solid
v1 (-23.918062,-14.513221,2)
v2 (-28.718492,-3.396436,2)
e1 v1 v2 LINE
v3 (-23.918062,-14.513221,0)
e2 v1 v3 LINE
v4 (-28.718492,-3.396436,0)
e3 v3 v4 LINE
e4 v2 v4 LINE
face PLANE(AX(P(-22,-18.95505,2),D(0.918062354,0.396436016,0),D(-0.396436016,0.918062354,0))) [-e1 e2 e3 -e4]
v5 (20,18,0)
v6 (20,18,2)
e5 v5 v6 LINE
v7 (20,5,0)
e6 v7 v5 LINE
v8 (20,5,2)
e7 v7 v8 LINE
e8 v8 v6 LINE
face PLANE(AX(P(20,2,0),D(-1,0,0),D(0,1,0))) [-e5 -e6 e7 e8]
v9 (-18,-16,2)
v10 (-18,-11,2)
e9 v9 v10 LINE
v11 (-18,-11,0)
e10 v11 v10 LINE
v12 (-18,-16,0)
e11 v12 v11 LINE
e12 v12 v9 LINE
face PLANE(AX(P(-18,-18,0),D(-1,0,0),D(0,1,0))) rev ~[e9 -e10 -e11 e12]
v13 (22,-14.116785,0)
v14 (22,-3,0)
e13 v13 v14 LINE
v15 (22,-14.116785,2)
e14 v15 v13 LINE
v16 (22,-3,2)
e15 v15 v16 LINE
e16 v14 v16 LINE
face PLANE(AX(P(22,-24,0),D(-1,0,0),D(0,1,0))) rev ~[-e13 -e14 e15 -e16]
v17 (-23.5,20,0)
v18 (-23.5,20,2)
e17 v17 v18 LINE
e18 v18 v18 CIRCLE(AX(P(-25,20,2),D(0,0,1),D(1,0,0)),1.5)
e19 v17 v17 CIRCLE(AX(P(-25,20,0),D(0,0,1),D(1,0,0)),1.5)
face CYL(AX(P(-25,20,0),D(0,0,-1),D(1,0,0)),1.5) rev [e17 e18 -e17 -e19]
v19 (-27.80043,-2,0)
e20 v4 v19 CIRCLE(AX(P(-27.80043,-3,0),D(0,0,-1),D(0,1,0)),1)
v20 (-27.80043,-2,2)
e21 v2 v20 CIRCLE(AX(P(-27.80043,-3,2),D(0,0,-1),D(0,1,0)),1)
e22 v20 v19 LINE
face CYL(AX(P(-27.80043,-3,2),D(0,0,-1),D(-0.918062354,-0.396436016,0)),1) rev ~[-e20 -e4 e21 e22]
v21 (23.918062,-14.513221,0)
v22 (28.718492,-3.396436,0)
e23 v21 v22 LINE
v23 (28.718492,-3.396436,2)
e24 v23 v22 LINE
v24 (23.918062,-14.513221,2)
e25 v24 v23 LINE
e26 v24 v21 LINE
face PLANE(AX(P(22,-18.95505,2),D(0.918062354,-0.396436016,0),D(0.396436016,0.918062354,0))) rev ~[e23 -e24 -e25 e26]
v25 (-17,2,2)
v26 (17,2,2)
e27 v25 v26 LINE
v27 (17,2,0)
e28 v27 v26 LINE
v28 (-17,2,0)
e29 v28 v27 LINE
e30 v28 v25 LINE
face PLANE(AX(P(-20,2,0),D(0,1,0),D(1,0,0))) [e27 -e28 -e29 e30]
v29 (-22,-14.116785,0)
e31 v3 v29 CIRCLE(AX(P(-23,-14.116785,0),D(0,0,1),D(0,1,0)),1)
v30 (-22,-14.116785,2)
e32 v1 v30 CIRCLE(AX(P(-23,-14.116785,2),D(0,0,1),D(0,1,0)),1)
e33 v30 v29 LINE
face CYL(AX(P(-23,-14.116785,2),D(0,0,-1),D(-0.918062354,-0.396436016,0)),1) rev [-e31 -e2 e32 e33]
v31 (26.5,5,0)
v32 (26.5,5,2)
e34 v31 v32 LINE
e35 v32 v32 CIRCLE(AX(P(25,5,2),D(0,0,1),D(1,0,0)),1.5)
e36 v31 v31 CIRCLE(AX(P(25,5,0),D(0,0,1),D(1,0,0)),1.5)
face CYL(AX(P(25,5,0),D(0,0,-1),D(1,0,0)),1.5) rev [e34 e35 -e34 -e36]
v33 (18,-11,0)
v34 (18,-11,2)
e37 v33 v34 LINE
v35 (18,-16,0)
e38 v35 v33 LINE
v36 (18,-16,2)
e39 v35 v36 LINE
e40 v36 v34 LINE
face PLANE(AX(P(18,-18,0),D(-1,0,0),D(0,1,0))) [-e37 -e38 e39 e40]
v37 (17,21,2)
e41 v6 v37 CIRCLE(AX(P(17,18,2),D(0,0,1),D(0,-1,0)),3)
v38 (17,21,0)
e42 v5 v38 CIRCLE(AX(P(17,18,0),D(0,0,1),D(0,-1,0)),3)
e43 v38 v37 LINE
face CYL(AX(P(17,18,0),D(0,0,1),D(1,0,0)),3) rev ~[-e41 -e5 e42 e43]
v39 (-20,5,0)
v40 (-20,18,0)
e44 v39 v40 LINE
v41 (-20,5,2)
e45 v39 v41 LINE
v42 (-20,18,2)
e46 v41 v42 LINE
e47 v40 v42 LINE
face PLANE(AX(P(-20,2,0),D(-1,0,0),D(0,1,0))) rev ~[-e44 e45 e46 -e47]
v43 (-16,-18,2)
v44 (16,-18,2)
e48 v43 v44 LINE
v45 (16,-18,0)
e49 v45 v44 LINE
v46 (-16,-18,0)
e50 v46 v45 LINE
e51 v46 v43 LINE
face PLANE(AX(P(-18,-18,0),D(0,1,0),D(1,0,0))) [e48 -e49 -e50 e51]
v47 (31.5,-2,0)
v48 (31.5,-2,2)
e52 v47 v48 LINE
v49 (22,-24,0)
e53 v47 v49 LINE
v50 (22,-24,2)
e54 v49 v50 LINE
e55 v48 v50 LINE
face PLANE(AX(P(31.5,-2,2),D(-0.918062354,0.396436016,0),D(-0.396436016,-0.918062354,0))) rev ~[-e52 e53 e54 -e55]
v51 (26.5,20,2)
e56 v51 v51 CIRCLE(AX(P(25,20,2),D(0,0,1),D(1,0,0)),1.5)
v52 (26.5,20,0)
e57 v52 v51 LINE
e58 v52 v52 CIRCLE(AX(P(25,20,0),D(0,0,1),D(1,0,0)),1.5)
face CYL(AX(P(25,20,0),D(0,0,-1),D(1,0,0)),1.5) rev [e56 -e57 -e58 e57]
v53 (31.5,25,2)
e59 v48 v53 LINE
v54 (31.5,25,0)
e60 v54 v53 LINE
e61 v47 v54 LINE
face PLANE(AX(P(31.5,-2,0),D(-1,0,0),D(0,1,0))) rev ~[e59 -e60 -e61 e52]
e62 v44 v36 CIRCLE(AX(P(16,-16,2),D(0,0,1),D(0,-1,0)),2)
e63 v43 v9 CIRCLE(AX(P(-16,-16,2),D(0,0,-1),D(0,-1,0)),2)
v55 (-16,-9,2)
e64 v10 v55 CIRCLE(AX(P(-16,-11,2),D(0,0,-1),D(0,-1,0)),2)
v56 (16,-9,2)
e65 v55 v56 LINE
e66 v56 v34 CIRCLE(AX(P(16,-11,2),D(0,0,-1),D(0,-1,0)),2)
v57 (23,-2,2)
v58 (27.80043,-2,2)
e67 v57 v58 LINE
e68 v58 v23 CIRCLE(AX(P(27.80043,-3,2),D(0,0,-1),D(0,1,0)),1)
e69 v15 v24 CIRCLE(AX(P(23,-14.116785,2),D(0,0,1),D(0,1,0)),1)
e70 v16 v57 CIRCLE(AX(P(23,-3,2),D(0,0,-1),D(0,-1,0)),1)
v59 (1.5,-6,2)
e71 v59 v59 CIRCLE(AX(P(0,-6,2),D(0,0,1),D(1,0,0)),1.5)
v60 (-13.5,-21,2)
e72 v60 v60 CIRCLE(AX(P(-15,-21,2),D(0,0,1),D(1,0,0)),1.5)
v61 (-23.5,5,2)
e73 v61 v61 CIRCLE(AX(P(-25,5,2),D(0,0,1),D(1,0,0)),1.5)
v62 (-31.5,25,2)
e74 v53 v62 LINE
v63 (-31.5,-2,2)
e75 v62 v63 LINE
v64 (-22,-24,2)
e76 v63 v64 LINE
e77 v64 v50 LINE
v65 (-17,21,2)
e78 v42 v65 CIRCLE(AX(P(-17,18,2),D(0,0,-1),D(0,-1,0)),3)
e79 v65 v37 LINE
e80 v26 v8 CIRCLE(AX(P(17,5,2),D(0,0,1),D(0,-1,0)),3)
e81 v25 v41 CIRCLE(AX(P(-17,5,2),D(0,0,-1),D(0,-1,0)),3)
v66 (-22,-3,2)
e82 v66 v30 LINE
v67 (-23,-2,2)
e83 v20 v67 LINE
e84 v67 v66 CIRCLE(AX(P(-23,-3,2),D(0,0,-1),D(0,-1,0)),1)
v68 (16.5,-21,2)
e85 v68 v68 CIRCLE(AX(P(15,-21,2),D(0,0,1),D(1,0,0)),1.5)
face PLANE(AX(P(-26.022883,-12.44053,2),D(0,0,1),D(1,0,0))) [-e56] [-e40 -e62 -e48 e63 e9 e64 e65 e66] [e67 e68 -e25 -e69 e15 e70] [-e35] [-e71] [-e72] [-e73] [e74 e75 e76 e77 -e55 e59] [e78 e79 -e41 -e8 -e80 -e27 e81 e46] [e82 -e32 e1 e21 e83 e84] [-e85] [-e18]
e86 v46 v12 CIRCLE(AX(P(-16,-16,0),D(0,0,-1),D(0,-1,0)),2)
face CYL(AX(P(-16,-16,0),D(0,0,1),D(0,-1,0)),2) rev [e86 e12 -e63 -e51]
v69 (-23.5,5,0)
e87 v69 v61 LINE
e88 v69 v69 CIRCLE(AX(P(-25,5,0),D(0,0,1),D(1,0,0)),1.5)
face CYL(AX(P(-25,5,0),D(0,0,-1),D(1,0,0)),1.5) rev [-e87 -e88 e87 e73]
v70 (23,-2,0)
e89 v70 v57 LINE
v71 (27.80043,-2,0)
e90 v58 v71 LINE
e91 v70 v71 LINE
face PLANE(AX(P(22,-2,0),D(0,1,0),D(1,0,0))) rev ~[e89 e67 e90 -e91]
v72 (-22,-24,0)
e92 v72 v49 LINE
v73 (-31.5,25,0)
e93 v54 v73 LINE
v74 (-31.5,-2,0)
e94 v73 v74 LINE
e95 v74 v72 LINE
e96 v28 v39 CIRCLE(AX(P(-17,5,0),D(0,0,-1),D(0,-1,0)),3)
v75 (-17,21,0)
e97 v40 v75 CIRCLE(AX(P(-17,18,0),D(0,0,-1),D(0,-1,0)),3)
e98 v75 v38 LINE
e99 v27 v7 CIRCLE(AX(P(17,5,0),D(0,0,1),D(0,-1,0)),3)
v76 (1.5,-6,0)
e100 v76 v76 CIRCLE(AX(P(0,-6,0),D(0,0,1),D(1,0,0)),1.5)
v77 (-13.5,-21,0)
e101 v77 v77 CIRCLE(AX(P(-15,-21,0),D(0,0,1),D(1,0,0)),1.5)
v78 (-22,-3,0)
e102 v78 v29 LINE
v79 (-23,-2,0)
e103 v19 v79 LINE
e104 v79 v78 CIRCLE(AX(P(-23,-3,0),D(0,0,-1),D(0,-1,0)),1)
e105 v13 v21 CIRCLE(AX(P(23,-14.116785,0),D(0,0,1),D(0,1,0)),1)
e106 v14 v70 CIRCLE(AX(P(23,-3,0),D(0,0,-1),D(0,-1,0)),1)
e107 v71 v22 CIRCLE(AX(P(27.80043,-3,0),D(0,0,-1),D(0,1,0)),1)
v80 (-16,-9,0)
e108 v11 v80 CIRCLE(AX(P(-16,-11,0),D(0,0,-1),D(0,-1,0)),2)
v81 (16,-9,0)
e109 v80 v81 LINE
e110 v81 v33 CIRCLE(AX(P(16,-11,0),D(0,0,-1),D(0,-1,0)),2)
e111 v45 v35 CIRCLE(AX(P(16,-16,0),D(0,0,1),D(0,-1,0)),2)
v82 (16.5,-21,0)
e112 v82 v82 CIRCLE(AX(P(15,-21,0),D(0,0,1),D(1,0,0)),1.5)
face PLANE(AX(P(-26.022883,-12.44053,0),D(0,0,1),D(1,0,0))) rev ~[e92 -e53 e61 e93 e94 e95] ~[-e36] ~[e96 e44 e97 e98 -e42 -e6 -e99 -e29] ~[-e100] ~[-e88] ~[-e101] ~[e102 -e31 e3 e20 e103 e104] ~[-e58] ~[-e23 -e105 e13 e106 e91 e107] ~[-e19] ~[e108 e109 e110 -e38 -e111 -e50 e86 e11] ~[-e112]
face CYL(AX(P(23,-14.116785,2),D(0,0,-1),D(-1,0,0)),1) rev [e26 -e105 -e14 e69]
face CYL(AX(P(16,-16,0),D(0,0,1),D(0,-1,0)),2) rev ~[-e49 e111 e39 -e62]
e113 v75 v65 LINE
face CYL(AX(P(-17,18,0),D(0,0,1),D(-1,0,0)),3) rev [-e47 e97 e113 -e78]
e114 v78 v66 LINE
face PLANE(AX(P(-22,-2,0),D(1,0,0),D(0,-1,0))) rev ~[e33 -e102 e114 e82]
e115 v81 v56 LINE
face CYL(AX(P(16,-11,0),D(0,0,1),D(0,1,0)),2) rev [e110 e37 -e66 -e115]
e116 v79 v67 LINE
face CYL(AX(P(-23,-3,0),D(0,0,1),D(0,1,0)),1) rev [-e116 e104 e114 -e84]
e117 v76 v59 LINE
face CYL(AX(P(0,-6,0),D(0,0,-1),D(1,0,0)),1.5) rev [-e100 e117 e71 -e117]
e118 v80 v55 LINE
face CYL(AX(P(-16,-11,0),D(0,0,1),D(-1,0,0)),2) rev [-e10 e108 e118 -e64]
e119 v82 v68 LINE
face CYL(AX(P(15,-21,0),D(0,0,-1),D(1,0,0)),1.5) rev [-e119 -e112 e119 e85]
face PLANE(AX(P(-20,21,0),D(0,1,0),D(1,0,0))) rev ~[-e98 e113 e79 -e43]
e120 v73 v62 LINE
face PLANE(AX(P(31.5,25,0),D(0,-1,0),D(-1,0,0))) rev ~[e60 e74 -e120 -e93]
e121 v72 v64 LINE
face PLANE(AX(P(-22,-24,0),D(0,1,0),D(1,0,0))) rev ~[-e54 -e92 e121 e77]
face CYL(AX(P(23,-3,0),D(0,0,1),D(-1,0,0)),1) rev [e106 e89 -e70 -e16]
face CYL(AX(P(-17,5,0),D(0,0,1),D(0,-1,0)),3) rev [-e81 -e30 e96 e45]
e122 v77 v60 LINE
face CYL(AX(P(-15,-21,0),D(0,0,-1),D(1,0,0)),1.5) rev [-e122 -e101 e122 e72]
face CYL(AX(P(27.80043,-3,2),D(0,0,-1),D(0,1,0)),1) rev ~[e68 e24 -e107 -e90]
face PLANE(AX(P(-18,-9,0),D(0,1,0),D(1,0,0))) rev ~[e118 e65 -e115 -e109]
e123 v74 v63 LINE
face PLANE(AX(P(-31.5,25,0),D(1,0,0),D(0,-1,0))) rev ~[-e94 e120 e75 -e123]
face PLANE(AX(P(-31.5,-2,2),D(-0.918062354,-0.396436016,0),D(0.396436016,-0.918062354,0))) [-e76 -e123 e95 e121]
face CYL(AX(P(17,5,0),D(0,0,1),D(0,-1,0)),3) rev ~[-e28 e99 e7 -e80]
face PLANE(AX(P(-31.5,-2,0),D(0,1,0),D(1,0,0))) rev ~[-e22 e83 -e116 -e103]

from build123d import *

# Parameters (mm, degrees)
SKETCH_1_R      = 1.5
SKETCH_1_W      = 40
SKETCH_1_H      = 19
SKETCH_1_W_2    = 36
SKETCH_1_H_2    = 9
EXTRUDE_1_DEPTH = 2
EXTRUDE_2_DEPTH = 2
FILLET_1_R      = 3
FILLET_2_R      = 2
FILLET_3_R      = 1


with BuildPart() as part:
    # 草图1 → 凸台-拉伸1 (new body)
    with BuildSketch(Plane.XY):
        Polygon((-31.5, -2), (-22, -2), (-22, -24), (22, -24), (22, -2), (31.5, -2), (31.5, 25), (-31.5, 25), align=None)
        with Locations((-25, 20)):
            Circle(SKETCH_1_R, mode=Mode.SUBTRACT)
        with Locations((25, 20)):
            Circle(SKETCH_1_R, mode=Mode.SUBTRACT)
        with Locations((-25, 5)):
            Circle(SKETCH_1_R, mode=Mode.SUBTRACT)
        with Locations((25, 5)):
            Circle(SKETCH_1_R, mode=Mode.SUBTRACT)
        with Locations((0, -6)):
            Circle(SKETCH_1_R, mode=Mode.SUBTRACT)
        with Locations((-15, -21)):
            Circle(SKETCH_1_R, mode=Mode.SUBTRACT)
        with Locations((15, -21)):
            Circle(SKETCH_1_R, mode=Mode.SUBTRACT)
        with Locations((0, 11.5)):
            Rectangle(SKETCH_1_W, SKETCH_1_H, mode=Mode.SUBTRACT)
        with Locations((0, -13.5)):
            Rectangle(SKETCH_1_W_2, SKETCH_1_H_2, mode=Mode.SUBTRACT)
    extrude(amount=EXTRUDE_1_DEPTH)

    # 草图2 → 凸台-拉伸2 (add)
    with BuildSketch(Plane.XY.offset(2)):
        Polygon((-31.5, -2), (-22, -24), (-22, -18.955049698), (-29.321498733, -2), align=None)
        Polygon((31.5, -2), (22, -24), (22, -18.955049698), (29.321498733, -2), align=None)
    extrude(amount=-EXTRUDE_2_DEPTH)

    # 圆角1
    fillet_1_edges = [part.edges().sort_by_distance(p)[0] for p in [
        (20, 2, 1),
        (20, 21, 1),
        (-20, 21, 1),
        (-20, 2, 1),
    ]]
    fillet(fillet_1_edges, radius=FILLET_1_R)

    # 圆角2
    fillet_2_edges = [part.edges().sort_by_distance(p)[0] for p in [
        (18, -18, 1),
        (18, -9, 1),
        (-18, -9, 1),
        (-18, -18, 1),
    ]]
    fillet(fillet_2_edges, radius=FILLET_2_R)

    # 圆角3
    fillet_3_edges = [part.edges().sort_by_distance(p)[0] for p in [
        (22, -2, 1),
        (-22, -2, 1),
        (-22, -18.955049698, 1),
        (-29.321498733, -2, 1),
        (22, -18.955049698, 1),
        (29.321498733, -2, 1),
    ]]
    fillet(fillet_3_edges, radius=FILLET_3_R)


solid = part.part
